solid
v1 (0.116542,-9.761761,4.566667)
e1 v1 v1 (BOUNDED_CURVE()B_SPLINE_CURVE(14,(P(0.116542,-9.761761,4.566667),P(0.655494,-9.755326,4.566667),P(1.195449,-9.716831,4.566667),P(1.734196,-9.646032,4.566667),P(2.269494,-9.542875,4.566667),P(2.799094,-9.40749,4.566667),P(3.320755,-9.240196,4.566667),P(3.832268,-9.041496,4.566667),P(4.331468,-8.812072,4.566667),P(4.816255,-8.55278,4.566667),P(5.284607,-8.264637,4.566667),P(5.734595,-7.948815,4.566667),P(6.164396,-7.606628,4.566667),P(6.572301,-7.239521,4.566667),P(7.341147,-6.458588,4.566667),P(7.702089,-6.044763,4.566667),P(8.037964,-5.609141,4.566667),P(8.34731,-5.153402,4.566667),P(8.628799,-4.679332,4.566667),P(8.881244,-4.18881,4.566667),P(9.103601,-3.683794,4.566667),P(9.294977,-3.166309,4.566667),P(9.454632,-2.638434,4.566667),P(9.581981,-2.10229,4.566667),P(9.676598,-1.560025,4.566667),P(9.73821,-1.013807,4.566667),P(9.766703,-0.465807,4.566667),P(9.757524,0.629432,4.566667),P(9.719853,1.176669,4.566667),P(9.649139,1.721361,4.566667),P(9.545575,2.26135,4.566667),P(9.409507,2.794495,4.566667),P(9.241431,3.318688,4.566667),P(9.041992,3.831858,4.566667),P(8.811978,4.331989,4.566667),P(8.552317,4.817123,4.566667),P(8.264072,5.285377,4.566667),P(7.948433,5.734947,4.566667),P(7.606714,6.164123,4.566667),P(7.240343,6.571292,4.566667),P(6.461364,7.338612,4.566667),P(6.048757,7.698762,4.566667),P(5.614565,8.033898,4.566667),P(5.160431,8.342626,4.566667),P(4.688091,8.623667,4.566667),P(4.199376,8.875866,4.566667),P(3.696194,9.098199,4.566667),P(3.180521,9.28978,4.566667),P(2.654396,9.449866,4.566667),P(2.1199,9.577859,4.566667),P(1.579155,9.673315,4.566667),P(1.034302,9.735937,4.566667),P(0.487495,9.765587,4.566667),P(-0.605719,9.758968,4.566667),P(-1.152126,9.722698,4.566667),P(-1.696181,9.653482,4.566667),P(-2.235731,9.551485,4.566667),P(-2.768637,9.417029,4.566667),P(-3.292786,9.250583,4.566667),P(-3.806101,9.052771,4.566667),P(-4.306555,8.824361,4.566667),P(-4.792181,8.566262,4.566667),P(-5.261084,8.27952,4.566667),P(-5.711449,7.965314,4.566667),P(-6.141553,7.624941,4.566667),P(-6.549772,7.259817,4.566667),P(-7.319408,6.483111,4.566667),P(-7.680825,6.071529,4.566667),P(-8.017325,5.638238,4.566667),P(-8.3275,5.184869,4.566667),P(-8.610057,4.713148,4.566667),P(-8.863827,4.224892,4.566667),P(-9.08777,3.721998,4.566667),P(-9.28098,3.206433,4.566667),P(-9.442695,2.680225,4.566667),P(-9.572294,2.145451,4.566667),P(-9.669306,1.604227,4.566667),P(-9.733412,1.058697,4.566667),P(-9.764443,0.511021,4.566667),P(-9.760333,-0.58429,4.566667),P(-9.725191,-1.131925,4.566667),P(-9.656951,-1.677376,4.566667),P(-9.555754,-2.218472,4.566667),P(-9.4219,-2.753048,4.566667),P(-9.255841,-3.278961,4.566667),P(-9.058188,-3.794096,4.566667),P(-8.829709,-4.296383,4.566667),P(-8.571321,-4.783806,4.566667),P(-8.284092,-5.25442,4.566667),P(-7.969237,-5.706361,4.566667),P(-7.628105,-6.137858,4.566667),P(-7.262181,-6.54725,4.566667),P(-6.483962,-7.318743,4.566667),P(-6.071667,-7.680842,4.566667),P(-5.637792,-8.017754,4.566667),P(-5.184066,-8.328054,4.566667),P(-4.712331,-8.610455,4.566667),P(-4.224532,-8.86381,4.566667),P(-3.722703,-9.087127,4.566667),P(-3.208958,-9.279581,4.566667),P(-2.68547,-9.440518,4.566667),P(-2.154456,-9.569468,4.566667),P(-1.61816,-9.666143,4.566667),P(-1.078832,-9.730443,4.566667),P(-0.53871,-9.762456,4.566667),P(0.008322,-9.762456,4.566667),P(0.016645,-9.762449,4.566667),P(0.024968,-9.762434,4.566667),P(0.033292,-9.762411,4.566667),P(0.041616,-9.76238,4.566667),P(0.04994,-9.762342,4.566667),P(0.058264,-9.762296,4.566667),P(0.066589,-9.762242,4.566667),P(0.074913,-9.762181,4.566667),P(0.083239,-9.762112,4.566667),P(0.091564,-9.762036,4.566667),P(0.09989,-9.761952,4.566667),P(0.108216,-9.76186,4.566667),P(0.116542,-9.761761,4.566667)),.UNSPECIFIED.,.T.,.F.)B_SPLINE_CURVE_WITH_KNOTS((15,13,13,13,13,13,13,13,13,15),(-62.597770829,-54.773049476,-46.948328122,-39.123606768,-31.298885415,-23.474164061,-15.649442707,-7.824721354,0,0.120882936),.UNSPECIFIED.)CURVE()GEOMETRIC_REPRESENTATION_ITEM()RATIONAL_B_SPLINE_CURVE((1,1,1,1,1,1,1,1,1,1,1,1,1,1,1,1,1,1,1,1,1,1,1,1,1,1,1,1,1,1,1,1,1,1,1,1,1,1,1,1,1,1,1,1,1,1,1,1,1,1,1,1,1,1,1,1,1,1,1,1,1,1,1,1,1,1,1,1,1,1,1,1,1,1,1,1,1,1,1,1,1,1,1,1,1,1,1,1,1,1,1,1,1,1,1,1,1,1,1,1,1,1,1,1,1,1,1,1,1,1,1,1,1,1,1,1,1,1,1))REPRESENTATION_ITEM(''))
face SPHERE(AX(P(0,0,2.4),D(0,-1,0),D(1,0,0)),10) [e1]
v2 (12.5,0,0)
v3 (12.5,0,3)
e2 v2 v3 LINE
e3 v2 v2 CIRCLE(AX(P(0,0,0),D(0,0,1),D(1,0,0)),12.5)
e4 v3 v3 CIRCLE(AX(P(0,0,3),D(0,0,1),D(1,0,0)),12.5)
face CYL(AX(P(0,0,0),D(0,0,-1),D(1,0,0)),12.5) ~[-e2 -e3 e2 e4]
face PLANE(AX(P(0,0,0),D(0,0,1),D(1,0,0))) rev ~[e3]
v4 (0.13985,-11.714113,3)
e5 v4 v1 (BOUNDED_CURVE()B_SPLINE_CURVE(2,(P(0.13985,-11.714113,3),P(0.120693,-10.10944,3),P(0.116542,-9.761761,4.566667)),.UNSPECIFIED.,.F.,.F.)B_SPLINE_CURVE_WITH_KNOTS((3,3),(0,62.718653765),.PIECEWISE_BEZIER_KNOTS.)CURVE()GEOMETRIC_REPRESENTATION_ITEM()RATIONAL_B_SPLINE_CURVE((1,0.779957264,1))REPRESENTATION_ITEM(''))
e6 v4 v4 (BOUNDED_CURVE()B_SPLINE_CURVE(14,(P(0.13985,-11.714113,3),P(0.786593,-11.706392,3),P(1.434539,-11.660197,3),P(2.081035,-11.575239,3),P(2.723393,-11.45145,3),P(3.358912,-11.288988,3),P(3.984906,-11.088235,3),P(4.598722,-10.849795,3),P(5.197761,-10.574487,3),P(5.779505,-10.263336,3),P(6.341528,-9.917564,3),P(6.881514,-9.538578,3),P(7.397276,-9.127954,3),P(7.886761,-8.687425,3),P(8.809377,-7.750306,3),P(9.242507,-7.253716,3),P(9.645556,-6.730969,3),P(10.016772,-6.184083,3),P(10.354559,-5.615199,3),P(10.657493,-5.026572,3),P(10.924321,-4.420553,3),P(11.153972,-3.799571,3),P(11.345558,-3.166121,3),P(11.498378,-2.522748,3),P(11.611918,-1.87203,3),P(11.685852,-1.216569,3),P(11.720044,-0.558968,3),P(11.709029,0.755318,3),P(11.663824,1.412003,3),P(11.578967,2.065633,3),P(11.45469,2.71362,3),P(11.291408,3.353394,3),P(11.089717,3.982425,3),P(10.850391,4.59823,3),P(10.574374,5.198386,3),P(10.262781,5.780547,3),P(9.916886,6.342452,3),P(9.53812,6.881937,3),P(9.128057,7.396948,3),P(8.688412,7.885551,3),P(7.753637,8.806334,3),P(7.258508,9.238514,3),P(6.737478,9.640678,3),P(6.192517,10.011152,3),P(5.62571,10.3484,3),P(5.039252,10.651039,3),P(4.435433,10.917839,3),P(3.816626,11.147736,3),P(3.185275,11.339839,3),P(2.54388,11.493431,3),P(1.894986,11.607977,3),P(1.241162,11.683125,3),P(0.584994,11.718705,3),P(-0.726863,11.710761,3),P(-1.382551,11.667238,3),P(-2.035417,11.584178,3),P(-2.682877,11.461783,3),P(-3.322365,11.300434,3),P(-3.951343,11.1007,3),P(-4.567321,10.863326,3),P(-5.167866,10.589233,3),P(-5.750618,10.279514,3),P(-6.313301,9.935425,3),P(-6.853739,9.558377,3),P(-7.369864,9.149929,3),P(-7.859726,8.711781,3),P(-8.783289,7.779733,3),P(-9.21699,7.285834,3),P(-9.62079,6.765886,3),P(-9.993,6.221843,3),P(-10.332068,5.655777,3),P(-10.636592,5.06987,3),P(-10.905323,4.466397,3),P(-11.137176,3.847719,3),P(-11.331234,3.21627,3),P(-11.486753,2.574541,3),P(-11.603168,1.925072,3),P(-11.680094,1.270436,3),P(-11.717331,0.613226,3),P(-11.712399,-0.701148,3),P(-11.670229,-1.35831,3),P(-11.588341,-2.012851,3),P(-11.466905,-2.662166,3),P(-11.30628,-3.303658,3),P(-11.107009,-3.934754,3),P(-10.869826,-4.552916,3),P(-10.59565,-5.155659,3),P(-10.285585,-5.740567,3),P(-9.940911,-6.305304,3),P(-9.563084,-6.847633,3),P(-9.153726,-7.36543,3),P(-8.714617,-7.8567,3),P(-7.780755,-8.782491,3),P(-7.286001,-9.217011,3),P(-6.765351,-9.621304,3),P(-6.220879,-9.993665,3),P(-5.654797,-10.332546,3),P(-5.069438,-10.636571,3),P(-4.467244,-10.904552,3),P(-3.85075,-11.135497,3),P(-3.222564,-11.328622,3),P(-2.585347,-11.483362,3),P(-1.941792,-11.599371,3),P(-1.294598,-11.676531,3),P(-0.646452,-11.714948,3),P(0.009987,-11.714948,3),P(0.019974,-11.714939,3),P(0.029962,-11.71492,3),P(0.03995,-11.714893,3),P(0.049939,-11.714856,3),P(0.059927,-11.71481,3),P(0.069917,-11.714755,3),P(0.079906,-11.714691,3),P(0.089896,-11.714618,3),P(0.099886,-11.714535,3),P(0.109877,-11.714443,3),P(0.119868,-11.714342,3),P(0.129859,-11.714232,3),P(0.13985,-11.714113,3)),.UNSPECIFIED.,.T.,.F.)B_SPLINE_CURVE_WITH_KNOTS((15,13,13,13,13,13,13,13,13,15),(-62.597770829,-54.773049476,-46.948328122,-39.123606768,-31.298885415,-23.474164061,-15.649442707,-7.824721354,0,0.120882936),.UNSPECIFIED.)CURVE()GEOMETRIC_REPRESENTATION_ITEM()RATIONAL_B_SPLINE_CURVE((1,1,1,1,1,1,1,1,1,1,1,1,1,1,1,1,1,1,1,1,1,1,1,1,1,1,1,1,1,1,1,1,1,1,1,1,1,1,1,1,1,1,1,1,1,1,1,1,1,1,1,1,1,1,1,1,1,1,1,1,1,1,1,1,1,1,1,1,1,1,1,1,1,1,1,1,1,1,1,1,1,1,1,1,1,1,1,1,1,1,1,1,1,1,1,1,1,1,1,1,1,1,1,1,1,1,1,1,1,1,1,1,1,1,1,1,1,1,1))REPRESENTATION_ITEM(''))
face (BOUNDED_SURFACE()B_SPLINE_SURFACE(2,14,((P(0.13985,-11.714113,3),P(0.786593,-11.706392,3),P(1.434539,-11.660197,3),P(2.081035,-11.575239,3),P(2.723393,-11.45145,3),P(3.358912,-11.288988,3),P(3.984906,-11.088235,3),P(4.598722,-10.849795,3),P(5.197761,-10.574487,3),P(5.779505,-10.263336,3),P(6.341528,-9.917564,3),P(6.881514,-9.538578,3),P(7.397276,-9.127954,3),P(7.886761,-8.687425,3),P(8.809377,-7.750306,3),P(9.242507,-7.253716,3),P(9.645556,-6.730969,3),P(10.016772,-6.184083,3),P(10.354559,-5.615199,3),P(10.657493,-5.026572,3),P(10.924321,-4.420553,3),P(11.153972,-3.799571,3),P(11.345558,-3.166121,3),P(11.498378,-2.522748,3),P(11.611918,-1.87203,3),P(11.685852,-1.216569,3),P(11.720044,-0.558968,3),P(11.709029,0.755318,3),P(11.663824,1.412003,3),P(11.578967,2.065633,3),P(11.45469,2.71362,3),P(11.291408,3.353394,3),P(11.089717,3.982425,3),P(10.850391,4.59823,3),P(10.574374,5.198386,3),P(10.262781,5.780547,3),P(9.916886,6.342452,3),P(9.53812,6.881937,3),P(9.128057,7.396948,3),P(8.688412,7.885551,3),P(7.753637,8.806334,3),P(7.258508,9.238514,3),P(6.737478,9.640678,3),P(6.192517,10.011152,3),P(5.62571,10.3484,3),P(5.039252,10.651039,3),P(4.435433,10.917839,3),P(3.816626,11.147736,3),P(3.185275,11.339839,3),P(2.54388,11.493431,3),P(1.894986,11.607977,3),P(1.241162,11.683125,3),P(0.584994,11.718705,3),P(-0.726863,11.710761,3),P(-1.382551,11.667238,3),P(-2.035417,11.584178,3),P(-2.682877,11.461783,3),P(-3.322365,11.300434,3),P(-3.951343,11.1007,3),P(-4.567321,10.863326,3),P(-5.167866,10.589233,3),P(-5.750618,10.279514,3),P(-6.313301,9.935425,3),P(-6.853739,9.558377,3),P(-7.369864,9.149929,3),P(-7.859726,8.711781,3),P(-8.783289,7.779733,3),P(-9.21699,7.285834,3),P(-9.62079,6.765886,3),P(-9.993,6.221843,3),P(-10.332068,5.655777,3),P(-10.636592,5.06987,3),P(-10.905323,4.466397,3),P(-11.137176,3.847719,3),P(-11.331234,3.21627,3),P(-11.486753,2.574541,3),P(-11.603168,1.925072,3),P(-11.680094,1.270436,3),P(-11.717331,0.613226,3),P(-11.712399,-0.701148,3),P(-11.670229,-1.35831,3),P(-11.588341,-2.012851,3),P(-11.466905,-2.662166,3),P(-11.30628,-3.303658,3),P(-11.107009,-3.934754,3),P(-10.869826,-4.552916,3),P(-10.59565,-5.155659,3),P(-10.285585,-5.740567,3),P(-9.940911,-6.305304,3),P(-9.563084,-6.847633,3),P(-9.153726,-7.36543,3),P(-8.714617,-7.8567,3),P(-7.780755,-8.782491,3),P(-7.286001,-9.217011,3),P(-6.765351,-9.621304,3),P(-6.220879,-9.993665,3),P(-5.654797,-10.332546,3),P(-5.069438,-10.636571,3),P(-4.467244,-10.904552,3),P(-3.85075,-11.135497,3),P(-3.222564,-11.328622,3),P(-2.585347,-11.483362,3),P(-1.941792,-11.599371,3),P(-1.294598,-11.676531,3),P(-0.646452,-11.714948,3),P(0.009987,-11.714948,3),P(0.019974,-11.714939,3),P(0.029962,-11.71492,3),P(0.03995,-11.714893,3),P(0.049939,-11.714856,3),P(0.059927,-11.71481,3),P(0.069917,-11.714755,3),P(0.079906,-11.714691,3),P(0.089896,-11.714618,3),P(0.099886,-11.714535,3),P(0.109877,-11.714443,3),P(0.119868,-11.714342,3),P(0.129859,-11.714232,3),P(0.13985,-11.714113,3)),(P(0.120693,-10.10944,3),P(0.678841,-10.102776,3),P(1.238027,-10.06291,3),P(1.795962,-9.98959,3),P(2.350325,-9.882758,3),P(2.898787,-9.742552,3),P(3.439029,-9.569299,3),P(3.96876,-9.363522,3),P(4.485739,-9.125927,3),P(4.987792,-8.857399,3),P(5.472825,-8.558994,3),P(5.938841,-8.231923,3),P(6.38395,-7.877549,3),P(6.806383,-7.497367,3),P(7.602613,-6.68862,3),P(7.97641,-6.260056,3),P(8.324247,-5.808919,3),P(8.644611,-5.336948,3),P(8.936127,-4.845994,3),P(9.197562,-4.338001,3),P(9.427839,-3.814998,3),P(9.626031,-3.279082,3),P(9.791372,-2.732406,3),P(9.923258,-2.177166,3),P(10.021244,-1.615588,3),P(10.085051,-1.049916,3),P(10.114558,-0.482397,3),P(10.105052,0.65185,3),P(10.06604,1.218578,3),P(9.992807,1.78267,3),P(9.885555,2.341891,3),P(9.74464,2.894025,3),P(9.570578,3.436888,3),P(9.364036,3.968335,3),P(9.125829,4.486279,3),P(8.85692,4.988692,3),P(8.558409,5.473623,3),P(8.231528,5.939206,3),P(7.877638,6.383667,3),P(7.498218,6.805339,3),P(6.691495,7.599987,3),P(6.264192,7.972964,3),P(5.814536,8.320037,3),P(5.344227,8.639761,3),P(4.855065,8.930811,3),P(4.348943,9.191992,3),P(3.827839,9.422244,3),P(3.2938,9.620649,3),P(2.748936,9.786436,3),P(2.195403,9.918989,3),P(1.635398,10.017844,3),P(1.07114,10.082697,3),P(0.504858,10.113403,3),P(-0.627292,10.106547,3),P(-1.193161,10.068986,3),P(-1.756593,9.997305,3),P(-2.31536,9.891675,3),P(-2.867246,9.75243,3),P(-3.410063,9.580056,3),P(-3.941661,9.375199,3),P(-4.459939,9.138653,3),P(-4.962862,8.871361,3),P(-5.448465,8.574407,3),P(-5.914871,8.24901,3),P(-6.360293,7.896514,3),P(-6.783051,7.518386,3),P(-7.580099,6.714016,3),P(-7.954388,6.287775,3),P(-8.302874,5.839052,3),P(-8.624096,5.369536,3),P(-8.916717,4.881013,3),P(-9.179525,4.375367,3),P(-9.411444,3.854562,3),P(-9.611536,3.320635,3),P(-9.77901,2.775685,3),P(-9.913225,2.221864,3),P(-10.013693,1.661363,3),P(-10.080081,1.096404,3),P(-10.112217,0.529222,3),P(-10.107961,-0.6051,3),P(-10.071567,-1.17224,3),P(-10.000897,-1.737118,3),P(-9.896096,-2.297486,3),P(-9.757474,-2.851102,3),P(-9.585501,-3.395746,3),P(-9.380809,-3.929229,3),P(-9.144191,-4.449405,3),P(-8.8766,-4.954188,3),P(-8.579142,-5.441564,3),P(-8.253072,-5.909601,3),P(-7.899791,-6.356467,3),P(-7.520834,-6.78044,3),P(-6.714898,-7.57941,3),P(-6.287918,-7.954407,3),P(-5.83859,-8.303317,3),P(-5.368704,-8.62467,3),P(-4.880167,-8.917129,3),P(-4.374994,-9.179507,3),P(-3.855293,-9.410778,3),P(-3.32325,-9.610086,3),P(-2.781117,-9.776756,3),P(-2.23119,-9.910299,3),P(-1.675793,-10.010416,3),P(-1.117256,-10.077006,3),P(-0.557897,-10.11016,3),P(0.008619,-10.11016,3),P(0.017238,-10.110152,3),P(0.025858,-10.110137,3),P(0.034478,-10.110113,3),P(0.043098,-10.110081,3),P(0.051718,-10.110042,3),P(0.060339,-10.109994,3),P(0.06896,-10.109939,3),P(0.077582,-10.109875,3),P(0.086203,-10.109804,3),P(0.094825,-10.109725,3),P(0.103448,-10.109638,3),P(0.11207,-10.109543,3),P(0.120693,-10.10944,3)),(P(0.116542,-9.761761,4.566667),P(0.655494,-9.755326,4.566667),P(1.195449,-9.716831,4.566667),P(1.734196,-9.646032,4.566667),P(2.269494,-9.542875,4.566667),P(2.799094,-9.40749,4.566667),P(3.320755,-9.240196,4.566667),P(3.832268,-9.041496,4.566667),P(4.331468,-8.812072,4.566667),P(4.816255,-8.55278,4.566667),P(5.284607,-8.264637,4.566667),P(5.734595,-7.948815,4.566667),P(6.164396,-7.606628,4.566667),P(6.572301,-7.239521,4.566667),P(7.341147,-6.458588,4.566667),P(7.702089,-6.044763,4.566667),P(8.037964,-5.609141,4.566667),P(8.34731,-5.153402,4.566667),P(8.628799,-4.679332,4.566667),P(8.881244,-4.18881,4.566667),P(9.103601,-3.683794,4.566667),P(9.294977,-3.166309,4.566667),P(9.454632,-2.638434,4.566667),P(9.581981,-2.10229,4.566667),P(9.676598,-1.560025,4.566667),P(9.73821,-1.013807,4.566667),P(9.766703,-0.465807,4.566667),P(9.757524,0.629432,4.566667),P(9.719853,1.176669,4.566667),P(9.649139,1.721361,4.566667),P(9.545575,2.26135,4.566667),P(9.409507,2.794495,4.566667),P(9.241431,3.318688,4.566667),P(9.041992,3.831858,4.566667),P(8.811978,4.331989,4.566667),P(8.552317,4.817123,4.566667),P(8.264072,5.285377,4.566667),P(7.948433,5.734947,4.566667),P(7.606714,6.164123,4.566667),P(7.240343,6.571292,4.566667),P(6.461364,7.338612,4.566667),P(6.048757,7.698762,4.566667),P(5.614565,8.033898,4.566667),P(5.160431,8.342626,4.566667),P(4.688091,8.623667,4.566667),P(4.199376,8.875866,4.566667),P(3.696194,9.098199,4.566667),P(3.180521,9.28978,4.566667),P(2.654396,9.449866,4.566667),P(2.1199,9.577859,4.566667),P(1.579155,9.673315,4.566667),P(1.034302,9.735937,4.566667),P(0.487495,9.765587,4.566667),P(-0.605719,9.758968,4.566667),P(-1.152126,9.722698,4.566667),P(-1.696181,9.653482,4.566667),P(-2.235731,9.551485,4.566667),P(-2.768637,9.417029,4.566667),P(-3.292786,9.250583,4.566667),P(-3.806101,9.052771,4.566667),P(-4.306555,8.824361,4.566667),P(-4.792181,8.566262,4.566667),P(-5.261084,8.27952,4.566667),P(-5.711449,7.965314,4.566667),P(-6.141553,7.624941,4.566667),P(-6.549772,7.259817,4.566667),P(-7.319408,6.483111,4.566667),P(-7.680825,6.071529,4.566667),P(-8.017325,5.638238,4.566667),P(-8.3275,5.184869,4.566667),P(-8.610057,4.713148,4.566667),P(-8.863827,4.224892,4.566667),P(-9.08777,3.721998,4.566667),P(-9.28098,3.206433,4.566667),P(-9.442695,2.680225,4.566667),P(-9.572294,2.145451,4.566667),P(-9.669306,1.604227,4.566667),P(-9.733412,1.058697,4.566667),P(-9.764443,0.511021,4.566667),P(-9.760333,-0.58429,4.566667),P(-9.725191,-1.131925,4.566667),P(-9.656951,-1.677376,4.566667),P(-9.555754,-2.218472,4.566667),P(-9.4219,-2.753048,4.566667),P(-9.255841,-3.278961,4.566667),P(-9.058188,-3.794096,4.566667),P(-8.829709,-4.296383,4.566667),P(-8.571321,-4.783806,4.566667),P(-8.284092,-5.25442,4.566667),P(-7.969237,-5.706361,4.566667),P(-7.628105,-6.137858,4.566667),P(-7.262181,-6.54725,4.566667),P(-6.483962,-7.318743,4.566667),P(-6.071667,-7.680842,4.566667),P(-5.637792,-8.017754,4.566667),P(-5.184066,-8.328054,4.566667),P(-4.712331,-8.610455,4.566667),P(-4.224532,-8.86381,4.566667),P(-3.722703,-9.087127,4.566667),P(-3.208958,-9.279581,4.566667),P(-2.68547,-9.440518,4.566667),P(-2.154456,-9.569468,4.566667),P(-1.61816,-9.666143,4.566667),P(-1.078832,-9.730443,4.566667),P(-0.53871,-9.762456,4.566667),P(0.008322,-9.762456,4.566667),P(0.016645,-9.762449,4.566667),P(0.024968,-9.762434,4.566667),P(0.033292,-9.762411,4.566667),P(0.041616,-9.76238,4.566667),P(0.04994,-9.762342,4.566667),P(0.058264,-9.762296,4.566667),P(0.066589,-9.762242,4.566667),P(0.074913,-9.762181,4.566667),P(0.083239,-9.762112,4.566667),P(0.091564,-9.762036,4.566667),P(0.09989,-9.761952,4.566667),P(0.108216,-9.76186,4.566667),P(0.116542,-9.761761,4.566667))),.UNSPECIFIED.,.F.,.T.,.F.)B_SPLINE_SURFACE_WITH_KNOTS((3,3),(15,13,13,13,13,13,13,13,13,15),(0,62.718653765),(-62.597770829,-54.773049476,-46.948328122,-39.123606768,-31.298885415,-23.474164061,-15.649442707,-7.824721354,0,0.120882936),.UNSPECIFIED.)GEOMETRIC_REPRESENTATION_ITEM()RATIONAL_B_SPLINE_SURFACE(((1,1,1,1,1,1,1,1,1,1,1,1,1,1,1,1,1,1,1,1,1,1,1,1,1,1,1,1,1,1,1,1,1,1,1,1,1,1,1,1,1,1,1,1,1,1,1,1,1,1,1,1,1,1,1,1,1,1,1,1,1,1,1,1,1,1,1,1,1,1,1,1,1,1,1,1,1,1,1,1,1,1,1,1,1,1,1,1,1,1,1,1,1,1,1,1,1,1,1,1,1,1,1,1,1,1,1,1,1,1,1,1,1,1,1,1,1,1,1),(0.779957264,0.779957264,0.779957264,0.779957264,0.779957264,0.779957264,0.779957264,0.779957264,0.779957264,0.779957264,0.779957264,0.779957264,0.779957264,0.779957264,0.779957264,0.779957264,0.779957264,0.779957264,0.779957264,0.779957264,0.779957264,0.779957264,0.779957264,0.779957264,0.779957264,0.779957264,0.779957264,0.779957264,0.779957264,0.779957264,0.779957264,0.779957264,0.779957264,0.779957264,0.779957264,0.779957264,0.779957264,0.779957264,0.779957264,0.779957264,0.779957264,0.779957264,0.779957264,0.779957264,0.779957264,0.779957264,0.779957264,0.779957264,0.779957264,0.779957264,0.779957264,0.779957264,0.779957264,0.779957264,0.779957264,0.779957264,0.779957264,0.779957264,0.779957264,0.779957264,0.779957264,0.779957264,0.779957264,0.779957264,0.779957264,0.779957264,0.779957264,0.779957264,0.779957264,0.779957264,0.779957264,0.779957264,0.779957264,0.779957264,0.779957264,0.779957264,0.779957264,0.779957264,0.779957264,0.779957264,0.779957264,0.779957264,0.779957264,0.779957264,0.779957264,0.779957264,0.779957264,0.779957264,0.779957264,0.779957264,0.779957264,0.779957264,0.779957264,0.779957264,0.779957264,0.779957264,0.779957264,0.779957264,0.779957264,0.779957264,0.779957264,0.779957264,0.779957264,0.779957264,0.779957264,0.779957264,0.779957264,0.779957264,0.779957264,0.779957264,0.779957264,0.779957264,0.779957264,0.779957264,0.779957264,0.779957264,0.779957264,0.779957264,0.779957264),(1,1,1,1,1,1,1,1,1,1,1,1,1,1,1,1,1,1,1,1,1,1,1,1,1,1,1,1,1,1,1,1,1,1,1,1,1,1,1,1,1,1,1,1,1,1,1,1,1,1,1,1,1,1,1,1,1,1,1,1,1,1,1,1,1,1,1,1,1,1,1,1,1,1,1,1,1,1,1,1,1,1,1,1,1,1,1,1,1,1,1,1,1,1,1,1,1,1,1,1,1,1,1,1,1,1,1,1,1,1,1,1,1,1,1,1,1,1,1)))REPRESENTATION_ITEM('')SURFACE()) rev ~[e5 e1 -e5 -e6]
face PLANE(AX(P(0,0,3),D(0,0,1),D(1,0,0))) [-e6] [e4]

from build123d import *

# Parameters (mm, degrees)
SKETCH_R          = 12.5
PAD_DEPTH         = 3
SPHERE_ANGLE      = 180
SPHERE_ROLL_ANGLE = 90
FILLET_R          = 2


with BuildPart() as base_pad:
    # Sketch → Pad (new body)
    with BuildSketch(Plane.XY):
        Circle(SKETCH_R)
    extrude(amount=PAD_DEPTH)


with BuildPart() as fillet_body:
    # Sphere → Sphere (revolve)
    with BuildSketch(Plane.XZ):
        with BuildLine():
            ThreePointArc((0, -10), (10, 0), (0, 10))
            Line((0, 10), (0, -10))
        make_face()
    revolve(axis=Axis((0, 0, 0), (0, 0, 1)), revolution_arc=SPHERE_ANGLE)


with BuildPart() as fillet_body_1:
    # Sphere roll: moved
    add(fillet_body.part.rotate(Axis((0, 0, 0), (1, 0, 0)), SPHERE_ROLL_ANGLE))


with BuildPart() as fillet_body_2:
    # Sphere placement: moved
    add(fillet_body_1.part.moved(Location((0, 0, 2.4))))

    # Fusion: union Base-pad
    add(base_pad.part)

    # Fillet
    fillet_edges = [fillet_body_2.edges().sort_by_distance(p)[0] for p in [
        (0, -9.981984, 3),
    ]]
    fillet(fillet_edges, radius=FILLET_R)


solid = fillet_body_2.part
